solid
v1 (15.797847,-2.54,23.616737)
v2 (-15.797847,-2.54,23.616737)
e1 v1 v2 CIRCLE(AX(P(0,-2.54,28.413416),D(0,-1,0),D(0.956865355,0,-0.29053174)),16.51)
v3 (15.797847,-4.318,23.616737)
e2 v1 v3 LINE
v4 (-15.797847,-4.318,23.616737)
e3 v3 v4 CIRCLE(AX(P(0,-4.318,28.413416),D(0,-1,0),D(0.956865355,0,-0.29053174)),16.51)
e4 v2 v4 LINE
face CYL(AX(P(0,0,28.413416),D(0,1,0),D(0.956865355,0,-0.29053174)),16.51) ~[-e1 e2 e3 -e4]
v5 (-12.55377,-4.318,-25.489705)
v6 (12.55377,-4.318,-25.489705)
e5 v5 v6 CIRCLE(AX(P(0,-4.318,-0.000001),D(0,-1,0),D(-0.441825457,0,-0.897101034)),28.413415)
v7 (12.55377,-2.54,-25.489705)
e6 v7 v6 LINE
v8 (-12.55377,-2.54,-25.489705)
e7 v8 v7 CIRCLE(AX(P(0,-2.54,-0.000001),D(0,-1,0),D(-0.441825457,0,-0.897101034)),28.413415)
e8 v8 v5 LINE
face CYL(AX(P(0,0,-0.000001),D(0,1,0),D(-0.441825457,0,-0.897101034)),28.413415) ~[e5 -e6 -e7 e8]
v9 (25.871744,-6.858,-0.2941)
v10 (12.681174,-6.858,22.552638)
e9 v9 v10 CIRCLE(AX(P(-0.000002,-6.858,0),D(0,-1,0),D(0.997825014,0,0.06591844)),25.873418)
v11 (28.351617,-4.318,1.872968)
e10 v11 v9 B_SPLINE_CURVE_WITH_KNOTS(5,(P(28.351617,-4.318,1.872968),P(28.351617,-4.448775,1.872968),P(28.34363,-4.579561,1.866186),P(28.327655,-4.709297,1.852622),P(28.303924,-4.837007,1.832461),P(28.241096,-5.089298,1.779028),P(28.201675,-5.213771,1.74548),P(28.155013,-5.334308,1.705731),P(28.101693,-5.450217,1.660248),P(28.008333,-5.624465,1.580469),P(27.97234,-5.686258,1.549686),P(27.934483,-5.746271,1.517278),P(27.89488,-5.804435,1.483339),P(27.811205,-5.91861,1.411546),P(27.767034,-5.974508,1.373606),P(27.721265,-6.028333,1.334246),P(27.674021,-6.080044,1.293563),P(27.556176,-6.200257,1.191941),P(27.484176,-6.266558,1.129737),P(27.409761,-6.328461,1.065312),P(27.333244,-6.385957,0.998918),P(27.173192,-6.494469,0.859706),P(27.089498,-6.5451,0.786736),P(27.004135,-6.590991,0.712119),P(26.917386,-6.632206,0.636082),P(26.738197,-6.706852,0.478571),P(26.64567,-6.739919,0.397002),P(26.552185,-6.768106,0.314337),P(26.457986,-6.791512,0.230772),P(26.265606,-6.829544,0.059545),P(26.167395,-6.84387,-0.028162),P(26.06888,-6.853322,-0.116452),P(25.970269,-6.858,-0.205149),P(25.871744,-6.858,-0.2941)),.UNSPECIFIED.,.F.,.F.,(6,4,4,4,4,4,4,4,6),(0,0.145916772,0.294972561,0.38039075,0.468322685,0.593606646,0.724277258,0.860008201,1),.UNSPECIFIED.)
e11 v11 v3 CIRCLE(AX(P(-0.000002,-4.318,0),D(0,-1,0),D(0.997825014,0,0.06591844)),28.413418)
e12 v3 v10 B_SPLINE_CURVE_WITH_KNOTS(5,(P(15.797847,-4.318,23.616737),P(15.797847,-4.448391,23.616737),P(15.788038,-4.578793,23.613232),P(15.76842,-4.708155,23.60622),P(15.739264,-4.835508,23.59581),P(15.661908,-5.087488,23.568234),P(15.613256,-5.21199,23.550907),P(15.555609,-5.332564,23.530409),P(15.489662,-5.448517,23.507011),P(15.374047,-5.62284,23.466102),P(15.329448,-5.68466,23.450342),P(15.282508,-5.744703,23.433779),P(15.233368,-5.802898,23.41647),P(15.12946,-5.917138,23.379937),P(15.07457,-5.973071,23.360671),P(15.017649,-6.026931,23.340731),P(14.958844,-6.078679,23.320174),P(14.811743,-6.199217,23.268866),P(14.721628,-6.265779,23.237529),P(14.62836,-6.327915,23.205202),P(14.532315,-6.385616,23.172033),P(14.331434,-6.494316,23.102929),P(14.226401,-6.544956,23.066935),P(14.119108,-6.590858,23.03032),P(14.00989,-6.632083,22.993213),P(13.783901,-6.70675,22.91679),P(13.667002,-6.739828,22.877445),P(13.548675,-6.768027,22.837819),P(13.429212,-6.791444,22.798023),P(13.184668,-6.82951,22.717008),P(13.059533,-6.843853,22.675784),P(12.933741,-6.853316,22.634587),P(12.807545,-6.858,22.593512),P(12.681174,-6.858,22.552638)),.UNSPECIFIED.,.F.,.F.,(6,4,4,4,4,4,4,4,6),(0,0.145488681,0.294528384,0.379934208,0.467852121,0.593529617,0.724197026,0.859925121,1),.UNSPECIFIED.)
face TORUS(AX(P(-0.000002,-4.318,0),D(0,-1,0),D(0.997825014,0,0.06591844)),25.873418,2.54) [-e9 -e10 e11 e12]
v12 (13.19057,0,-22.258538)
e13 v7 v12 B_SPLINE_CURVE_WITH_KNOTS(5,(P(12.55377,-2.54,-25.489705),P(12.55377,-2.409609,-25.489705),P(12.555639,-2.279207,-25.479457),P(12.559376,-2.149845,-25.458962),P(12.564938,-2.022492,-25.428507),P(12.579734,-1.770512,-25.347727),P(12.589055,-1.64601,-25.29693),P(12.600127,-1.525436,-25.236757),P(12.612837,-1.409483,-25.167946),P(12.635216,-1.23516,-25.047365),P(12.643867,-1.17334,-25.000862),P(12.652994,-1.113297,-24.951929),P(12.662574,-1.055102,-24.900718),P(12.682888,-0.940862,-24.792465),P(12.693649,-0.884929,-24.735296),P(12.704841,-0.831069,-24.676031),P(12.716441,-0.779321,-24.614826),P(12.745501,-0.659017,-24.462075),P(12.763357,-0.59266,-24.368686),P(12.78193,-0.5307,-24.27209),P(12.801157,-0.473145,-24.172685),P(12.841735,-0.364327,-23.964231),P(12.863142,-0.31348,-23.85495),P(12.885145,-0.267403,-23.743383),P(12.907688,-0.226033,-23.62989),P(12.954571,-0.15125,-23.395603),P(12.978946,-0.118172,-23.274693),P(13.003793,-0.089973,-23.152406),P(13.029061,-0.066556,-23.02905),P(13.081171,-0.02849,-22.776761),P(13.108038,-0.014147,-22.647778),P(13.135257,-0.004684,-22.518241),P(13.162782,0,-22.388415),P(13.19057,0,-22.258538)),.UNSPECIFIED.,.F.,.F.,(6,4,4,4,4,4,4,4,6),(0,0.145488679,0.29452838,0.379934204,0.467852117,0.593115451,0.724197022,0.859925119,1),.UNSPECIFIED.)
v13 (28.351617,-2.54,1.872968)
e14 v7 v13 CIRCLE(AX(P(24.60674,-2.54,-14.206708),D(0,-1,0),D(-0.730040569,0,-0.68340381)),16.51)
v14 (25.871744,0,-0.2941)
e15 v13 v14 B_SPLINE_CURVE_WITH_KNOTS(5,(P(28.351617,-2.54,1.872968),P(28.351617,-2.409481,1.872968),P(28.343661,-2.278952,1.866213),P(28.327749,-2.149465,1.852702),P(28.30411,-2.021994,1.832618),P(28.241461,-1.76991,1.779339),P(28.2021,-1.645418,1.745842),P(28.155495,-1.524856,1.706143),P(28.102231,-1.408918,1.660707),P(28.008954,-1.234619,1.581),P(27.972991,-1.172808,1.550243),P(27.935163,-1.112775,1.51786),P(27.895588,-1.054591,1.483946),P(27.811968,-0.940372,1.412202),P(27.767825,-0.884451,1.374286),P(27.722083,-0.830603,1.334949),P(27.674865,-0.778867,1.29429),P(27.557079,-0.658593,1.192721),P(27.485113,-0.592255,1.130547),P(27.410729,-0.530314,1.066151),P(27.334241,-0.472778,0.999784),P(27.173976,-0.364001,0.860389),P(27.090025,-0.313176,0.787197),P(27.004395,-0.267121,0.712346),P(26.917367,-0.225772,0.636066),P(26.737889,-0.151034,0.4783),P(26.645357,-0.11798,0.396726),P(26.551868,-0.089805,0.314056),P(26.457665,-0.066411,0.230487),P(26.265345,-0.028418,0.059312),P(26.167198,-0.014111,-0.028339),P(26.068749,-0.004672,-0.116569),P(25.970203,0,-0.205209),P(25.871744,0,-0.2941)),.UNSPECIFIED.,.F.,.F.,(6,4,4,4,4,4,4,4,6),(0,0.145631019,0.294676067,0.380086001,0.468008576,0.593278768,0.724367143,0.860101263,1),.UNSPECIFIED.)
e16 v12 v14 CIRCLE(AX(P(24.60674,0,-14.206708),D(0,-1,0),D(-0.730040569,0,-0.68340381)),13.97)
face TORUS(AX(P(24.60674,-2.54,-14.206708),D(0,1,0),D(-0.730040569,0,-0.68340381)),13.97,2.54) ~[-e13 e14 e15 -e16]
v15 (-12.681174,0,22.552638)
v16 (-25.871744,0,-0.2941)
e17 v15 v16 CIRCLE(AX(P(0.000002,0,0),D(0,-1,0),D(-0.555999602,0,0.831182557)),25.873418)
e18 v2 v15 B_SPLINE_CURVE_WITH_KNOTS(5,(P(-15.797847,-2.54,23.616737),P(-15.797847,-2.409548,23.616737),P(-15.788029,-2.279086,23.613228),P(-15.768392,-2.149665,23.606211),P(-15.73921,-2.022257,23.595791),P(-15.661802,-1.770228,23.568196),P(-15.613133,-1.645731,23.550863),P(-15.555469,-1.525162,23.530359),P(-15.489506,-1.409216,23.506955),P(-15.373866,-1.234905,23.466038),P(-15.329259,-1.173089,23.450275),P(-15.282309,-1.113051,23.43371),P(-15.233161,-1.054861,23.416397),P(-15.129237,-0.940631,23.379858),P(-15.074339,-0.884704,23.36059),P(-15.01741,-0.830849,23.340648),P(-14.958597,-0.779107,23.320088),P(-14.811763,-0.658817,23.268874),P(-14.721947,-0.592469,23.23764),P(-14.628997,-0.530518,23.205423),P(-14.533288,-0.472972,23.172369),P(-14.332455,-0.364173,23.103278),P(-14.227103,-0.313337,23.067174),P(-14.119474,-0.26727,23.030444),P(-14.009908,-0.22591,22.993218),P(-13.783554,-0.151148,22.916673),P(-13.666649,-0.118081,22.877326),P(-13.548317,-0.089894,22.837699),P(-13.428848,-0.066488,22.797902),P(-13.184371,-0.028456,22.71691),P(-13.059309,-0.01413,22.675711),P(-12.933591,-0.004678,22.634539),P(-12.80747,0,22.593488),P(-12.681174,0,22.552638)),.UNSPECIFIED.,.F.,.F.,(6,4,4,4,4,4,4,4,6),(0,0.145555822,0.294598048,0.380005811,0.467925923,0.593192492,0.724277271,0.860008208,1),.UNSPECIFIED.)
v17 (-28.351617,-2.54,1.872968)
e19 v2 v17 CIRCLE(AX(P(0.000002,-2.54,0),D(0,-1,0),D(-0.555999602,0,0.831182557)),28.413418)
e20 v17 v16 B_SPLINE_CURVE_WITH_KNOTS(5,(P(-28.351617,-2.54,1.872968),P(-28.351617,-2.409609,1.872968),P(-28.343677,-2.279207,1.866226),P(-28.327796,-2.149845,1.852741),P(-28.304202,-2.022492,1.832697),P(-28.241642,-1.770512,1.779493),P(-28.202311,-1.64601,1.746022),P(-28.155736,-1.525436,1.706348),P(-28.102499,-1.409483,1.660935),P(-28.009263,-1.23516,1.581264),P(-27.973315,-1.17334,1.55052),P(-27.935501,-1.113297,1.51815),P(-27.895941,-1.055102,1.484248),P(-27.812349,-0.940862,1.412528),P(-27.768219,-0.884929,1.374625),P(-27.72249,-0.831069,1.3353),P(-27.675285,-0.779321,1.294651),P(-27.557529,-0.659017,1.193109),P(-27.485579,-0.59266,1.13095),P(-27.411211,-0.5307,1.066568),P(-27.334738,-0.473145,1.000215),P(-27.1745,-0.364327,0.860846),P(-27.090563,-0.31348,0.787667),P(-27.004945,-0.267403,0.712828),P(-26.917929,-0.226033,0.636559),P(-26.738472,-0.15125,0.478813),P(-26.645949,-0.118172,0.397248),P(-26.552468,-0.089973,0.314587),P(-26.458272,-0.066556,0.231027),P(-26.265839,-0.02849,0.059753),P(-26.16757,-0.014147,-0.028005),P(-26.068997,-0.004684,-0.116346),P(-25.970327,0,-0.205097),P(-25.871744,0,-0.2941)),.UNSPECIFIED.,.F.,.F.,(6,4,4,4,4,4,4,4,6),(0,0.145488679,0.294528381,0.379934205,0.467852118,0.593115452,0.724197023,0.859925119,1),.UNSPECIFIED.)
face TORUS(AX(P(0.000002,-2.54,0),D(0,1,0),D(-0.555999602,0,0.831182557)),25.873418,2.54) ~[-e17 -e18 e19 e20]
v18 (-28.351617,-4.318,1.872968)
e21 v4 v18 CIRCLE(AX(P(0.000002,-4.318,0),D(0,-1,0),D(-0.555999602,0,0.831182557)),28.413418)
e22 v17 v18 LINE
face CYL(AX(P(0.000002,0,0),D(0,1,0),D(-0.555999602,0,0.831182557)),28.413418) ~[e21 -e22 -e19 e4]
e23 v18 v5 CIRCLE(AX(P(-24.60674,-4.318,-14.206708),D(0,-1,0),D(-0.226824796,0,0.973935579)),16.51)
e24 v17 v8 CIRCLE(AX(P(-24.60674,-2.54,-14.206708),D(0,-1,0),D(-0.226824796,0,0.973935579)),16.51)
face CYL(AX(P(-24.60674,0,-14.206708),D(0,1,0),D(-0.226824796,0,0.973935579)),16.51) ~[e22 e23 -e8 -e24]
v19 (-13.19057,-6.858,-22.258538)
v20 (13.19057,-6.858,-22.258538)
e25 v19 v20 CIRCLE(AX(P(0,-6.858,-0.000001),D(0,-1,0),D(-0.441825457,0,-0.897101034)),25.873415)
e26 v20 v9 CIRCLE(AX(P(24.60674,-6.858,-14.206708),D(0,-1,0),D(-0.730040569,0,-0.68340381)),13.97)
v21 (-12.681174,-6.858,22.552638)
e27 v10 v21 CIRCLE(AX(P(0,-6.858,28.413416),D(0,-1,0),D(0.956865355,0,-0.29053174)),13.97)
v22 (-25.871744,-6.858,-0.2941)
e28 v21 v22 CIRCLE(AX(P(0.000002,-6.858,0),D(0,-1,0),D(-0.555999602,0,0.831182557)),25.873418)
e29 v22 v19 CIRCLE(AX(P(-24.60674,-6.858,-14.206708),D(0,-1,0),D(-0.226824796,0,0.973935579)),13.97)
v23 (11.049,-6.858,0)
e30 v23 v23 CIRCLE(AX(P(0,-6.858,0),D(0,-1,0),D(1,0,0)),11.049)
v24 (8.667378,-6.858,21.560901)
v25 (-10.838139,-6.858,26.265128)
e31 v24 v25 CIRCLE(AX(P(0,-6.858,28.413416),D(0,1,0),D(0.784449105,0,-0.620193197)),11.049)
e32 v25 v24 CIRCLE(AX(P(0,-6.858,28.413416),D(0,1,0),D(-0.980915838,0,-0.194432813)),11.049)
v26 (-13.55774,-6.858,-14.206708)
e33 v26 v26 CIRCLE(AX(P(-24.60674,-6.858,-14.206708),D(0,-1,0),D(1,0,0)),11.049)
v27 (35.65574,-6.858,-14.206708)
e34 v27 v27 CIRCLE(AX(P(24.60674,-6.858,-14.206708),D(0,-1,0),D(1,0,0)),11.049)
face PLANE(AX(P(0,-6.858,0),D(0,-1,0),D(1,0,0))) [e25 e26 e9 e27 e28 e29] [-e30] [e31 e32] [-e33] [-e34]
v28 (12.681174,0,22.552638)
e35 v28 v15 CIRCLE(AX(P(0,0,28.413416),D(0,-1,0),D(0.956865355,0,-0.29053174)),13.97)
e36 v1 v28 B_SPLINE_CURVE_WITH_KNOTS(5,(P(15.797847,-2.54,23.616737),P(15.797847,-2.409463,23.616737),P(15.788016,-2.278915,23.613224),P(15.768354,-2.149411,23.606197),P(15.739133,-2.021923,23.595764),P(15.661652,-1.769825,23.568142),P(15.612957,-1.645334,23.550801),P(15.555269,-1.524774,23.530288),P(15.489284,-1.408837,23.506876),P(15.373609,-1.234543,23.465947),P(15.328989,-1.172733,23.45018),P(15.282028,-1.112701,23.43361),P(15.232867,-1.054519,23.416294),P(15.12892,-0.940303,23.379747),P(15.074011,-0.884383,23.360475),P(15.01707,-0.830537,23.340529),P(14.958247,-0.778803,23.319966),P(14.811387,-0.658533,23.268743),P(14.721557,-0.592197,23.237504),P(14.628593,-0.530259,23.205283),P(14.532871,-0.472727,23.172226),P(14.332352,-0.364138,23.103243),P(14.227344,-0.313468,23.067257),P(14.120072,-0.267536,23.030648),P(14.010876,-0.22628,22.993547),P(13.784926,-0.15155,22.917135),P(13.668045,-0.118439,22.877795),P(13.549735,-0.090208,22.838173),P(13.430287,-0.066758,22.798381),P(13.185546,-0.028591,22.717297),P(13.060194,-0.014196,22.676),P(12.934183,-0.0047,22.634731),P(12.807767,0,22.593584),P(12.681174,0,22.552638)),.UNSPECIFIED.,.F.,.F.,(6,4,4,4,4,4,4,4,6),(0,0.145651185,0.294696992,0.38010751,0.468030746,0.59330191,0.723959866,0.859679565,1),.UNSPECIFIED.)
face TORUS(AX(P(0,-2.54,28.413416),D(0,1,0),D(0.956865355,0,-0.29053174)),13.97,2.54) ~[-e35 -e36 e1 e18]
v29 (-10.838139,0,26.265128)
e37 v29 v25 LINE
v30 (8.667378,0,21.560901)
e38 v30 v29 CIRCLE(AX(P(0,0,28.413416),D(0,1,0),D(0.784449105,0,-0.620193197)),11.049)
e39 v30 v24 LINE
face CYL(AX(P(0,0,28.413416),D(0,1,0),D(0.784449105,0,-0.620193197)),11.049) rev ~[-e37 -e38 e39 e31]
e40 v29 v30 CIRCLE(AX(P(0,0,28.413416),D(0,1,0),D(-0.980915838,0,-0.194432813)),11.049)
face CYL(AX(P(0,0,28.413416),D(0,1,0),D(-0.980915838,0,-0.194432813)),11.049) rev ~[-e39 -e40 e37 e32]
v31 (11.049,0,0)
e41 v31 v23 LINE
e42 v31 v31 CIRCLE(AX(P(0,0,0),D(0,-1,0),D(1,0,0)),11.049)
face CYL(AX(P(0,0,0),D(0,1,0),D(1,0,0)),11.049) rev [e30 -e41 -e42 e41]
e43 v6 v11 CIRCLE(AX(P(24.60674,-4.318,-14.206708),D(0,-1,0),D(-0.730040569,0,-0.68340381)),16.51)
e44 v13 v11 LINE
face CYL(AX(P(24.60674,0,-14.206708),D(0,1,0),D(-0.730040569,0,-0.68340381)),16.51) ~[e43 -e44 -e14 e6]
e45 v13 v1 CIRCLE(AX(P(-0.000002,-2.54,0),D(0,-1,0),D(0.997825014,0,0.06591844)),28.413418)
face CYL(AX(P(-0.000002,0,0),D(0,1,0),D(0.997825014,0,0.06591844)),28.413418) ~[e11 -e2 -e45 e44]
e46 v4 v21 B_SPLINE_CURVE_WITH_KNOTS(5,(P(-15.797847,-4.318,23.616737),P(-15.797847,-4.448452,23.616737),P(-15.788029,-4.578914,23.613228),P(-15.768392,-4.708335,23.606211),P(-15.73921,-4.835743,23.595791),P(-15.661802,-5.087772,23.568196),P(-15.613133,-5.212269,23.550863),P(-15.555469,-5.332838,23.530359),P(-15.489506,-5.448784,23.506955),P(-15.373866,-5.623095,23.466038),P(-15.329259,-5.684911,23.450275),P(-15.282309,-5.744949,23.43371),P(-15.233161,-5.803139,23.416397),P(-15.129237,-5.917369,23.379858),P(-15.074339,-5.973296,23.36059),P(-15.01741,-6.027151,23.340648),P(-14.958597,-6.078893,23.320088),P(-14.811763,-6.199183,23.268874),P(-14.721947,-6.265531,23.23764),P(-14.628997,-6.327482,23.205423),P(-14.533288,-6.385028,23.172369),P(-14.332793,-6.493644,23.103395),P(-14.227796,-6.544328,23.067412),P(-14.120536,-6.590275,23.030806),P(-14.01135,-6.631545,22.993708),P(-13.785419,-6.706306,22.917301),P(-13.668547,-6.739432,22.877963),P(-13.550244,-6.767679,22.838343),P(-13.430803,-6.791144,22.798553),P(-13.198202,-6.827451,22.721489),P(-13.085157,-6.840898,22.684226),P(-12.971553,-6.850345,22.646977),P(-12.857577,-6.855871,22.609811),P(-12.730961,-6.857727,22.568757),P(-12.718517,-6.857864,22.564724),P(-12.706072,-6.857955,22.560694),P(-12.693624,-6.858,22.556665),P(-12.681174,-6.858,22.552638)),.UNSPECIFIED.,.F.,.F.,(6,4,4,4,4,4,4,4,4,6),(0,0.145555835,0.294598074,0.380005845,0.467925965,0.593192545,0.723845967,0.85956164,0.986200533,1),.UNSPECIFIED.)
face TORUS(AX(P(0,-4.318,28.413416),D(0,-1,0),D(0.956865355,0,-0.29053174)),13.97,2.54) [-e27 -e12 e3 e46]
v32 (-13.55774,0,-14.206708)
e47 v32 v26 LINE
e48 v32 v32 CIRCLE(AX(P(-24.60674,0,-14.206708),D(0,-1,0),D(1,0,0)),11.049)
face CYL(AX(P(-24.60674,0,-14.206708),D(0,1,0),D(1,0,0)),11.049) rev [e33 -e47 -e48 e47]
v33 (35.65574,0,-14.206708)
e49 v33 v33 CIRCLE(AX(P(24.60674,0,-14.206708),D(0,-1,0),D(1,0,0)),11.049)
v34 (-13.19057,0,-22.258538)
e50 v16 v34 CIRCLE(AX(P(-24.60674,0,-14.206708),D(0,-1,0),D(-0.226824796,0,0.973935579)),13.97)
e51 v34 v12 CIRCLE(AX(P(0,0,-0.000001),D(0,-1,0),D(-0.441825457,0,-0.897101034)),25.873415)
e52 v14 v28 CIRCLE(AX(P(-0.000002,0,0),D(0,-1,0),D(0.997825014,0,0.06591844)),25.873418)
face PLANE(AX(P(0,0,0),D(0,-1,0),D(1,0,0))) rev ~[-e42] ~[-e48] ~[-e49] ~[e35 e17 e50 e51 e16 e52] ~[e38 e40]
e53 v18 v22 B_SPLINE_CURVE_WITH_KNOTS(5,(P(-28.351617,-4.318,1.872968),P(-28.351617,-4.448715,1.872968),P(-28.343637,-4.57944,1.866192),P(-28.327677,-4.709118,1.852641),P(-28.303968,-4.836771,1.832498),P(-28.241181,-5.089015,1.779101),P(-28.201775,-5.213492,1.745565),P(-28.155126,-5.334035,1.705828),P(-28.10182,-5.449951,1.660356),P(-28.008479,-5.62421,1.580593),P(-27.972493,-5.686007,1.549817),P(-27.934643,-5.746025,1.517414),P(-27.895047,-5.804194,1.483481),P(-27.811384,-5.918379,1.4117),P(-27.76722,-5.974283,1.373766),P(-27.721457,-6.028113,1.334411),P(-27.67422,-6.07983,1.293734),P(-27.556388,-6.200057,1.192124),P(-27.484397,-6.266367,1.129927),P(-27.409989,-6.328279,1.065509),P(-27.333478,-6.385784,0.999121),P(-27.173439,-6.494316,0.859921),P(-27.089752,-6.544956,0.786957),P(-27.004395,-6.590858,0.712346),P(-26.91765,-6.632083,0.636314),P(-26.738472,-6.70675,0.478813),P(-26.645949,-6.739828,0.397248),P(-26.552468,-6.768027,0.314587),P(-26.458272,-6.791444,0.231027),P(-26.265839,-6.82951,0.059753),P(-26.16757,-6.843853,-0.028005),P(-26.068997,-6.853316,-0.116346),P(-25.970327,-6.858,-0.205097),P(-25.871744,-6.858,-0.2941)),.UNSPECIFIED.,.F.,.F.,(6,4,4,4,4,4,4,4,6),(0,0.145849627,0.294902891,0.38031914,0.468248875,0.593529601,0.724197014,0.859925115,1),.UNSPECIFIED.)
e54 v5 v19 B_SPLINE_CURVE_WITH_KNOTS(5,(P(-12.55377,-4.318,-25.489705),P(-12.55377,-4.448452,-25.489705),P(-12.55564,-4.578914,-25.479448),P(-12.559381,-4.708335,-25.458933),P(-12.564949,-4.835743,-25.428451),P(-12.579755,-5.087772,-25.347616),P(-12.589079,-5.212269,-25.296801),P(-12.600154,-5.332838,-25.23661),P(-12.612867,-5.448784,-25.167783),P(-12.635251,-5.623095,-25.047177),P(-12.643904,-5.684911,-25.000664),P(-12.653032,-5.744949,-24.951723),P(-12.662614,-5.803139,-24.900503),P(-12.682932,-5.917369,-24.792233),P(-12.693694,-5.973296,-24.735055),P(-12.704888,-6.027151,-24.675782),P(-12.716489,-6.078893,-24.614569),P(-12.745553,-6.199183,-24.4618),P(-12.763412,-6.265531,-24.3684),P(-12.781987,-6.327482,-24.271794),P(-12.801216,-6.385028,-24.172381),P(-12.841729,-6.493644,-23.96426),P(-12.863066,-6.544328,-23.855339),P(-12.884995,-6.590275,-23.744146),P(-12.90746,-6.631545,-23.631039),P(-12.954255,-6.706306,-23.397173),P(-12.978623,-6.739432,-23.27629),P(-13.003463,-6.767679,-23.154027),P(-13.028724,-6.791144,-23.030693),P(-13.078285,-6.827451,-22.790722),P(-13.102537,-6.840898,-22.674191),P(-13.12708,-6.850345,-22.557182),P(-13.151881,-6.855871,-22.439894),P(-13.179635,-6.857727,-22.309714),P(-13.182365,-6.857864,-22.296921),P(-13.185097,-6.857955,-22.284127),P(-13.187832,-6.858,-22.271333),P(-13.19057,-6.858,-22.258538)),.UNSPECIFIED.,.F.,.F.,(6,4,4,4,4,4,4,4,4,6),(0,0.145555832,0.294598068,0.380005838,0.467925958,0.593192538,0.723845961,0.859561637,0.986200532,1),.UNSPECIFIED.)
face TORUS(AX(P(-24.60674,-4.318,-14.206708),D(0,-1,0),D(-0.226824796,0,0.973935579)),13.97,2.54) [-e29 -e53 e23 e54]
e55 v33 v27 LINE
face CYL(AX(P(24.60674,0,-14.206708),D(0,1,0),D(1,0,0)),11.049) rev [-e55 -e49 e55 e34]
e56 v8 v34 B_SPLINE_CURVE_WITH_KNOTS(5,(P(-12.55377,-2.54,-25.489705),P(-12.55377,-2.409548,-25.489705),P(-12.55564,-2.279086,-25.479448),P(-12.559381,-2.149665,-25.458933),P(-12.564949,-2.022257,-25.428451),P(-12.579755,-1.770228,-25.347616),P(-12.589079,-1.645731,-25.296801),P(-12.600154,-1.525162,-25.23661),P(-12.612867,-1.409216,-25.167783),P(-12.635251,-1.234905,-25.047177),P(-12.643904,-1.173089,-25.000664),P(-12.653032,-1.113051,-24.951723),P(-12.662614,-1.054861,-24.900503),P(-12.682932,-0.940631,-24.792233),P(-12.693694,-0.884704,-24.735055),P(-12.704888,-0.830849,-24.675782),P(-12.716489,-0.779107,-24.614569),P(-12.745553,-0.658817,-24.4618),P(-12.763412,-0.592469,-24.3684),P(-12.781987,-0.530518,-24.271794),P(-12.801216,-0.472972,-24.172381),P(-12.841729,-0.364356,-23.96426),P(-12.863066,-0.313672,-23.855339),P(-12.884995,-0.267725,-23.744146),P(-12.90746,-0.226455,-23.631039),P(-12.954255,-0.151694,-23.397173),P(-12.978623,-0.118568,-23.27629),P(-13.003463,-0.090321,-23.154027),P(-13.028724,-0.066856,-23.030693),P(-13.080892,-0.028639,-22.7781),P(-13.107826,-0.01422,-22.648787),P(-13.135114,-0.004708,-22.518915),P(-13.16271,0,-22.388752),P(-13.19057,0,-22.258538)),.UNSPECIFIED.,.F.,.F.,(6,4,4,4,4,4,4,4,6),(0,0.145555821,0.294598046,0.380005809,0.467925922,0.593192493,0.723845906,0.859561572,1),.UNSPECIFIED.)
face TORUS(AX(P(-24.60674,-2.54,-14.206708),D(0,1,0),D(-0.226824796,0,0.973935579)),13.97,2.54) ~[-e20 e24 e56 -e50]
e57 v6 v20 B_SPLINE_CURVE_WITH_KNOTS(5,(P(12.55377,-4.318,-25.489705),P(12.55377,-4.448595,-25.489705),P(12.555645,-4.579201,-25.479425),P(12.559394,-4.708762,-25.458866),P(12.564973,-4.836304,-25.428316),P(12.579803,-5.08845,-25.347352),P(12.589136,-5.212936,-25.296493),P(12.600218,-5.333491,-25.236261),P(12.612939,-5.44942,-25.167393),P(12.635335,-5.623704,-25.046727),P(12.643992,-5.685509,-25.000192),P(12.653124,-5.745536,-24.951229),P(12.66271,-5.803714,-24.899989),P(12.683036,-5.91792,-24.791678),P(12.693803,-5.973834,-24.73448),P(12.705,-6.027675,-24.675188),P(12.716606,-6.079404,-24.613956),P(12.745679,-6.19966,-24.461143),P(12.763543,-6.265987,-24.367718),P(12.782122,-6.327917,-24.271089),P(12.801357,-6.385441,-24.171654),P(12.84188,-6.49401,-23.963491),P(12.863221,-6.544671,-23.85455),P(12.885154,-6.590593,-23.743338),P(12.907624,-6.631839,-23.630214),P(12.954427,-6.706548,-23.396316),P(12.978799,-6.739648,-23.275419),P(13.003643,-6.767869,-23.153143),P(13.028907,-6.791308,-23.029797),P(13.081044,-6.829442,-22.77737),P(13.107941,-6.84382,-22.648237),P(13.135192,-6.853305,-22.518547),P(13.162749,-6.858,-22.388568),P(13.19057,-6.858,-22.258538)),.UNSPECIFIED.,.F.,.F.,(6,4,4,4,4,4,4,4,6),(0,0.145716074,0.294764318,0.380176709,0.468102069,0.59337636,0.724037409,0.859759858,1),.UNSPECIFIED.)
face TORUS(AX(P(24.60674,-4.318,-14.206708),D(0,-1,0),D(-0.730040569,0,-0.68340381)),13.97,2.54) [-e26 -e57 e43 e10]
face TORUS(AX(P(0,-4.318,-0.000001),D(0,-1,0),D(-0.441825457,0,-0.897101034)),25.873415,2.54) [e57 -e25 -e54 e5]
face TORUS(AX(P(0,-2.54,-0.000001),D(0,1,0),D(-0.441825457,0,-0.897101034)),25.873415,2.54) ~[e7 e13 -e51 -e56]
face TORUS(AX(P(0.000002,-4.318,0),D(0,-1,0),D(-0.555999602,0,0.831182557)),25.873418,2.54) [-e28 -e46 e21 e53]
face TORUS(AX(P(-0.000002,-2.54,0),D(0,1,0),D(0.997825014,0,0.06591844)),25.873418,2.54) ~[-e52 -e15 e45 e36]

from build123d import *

# Parameters (mm, degrees)
F0_R     = 11.049
F1_DEPTH = 6.858
F2_R     = 2.54


with BuildPart() as f1:
    # F0 (on Front) → F1 (new body)
    with BuildSketch(Plane.XZ):
        with BuildLine():
            ThreePointArc((15.797847, 23.616737), (0, 44.923416), (-15.797847, 23.616737))
            ThreePointArc((-15.797847, 23.616737), (-24.60674, 14.206708), (-28.351617, 1.872968))
            ThreePointArc((-28.351617, 1.872968), (-38.904819, -22.461708), (-12.55377, -25.489705))
            ThreePointArc((-12.55377, -25.489705), (0, -28.413416), (12.55377, -25.489705))
            ThreePointArc((12.55377, -25.489705), (38.904819, -22.461708), (28.351617, 1.872968))
            ThreePointArc((28.351617, 1.872968), (24.60674, 14.206708), (15.797847, 23.616737))
        make_face()
        with Locations((-24.60674, -14.206708)):
            Circle(F0_R, mode=Mode.SUBTRACT)
        Circle(F0_R, mode=Mode.SUBTRACT)
        with Locations((24.60674, -14.206708)):
            Circle(F0_R, mode=Mode.SUBTRACT)
        with BuildLine():
            ThreePointArc((-10.838139, 26.265128), (2.590461, 39.154455), (8.667378, 21.560901))
            ThreePointArc((8.667378, 21.560901), (-2.590461, 17.672377), (-10.838139, 26.265128))
        make_face(mode=Mode.SUBTRACT)
    extrude(amount=F1_DEPTH)

    # F2
    f2_edges = [f1.edges().sort_by_distance(p)[0] for p in [
        (24.60674, -6.858, 14.206708),
        (0, -6.858, 44.923416),
        (-38.904819, -6.858, -22.461708),
        (-24.60674, -6.858, 14.206708),
        (0, -6.858, -28.413416),
        (38.904819, -6.858, -22.461708),
        (0, 0, 44.923416),
        (-24.60674, 0, 14.206708),
        (-38.904819, 0, -22.461708),
        (0, 0, -28.413416),
        (38.904819, 0, -22.461708),
        (24.60674, 0, 14.206708),
    ]]
    fillet(f2_edges, radius=F2_R)


solid = f1.part
